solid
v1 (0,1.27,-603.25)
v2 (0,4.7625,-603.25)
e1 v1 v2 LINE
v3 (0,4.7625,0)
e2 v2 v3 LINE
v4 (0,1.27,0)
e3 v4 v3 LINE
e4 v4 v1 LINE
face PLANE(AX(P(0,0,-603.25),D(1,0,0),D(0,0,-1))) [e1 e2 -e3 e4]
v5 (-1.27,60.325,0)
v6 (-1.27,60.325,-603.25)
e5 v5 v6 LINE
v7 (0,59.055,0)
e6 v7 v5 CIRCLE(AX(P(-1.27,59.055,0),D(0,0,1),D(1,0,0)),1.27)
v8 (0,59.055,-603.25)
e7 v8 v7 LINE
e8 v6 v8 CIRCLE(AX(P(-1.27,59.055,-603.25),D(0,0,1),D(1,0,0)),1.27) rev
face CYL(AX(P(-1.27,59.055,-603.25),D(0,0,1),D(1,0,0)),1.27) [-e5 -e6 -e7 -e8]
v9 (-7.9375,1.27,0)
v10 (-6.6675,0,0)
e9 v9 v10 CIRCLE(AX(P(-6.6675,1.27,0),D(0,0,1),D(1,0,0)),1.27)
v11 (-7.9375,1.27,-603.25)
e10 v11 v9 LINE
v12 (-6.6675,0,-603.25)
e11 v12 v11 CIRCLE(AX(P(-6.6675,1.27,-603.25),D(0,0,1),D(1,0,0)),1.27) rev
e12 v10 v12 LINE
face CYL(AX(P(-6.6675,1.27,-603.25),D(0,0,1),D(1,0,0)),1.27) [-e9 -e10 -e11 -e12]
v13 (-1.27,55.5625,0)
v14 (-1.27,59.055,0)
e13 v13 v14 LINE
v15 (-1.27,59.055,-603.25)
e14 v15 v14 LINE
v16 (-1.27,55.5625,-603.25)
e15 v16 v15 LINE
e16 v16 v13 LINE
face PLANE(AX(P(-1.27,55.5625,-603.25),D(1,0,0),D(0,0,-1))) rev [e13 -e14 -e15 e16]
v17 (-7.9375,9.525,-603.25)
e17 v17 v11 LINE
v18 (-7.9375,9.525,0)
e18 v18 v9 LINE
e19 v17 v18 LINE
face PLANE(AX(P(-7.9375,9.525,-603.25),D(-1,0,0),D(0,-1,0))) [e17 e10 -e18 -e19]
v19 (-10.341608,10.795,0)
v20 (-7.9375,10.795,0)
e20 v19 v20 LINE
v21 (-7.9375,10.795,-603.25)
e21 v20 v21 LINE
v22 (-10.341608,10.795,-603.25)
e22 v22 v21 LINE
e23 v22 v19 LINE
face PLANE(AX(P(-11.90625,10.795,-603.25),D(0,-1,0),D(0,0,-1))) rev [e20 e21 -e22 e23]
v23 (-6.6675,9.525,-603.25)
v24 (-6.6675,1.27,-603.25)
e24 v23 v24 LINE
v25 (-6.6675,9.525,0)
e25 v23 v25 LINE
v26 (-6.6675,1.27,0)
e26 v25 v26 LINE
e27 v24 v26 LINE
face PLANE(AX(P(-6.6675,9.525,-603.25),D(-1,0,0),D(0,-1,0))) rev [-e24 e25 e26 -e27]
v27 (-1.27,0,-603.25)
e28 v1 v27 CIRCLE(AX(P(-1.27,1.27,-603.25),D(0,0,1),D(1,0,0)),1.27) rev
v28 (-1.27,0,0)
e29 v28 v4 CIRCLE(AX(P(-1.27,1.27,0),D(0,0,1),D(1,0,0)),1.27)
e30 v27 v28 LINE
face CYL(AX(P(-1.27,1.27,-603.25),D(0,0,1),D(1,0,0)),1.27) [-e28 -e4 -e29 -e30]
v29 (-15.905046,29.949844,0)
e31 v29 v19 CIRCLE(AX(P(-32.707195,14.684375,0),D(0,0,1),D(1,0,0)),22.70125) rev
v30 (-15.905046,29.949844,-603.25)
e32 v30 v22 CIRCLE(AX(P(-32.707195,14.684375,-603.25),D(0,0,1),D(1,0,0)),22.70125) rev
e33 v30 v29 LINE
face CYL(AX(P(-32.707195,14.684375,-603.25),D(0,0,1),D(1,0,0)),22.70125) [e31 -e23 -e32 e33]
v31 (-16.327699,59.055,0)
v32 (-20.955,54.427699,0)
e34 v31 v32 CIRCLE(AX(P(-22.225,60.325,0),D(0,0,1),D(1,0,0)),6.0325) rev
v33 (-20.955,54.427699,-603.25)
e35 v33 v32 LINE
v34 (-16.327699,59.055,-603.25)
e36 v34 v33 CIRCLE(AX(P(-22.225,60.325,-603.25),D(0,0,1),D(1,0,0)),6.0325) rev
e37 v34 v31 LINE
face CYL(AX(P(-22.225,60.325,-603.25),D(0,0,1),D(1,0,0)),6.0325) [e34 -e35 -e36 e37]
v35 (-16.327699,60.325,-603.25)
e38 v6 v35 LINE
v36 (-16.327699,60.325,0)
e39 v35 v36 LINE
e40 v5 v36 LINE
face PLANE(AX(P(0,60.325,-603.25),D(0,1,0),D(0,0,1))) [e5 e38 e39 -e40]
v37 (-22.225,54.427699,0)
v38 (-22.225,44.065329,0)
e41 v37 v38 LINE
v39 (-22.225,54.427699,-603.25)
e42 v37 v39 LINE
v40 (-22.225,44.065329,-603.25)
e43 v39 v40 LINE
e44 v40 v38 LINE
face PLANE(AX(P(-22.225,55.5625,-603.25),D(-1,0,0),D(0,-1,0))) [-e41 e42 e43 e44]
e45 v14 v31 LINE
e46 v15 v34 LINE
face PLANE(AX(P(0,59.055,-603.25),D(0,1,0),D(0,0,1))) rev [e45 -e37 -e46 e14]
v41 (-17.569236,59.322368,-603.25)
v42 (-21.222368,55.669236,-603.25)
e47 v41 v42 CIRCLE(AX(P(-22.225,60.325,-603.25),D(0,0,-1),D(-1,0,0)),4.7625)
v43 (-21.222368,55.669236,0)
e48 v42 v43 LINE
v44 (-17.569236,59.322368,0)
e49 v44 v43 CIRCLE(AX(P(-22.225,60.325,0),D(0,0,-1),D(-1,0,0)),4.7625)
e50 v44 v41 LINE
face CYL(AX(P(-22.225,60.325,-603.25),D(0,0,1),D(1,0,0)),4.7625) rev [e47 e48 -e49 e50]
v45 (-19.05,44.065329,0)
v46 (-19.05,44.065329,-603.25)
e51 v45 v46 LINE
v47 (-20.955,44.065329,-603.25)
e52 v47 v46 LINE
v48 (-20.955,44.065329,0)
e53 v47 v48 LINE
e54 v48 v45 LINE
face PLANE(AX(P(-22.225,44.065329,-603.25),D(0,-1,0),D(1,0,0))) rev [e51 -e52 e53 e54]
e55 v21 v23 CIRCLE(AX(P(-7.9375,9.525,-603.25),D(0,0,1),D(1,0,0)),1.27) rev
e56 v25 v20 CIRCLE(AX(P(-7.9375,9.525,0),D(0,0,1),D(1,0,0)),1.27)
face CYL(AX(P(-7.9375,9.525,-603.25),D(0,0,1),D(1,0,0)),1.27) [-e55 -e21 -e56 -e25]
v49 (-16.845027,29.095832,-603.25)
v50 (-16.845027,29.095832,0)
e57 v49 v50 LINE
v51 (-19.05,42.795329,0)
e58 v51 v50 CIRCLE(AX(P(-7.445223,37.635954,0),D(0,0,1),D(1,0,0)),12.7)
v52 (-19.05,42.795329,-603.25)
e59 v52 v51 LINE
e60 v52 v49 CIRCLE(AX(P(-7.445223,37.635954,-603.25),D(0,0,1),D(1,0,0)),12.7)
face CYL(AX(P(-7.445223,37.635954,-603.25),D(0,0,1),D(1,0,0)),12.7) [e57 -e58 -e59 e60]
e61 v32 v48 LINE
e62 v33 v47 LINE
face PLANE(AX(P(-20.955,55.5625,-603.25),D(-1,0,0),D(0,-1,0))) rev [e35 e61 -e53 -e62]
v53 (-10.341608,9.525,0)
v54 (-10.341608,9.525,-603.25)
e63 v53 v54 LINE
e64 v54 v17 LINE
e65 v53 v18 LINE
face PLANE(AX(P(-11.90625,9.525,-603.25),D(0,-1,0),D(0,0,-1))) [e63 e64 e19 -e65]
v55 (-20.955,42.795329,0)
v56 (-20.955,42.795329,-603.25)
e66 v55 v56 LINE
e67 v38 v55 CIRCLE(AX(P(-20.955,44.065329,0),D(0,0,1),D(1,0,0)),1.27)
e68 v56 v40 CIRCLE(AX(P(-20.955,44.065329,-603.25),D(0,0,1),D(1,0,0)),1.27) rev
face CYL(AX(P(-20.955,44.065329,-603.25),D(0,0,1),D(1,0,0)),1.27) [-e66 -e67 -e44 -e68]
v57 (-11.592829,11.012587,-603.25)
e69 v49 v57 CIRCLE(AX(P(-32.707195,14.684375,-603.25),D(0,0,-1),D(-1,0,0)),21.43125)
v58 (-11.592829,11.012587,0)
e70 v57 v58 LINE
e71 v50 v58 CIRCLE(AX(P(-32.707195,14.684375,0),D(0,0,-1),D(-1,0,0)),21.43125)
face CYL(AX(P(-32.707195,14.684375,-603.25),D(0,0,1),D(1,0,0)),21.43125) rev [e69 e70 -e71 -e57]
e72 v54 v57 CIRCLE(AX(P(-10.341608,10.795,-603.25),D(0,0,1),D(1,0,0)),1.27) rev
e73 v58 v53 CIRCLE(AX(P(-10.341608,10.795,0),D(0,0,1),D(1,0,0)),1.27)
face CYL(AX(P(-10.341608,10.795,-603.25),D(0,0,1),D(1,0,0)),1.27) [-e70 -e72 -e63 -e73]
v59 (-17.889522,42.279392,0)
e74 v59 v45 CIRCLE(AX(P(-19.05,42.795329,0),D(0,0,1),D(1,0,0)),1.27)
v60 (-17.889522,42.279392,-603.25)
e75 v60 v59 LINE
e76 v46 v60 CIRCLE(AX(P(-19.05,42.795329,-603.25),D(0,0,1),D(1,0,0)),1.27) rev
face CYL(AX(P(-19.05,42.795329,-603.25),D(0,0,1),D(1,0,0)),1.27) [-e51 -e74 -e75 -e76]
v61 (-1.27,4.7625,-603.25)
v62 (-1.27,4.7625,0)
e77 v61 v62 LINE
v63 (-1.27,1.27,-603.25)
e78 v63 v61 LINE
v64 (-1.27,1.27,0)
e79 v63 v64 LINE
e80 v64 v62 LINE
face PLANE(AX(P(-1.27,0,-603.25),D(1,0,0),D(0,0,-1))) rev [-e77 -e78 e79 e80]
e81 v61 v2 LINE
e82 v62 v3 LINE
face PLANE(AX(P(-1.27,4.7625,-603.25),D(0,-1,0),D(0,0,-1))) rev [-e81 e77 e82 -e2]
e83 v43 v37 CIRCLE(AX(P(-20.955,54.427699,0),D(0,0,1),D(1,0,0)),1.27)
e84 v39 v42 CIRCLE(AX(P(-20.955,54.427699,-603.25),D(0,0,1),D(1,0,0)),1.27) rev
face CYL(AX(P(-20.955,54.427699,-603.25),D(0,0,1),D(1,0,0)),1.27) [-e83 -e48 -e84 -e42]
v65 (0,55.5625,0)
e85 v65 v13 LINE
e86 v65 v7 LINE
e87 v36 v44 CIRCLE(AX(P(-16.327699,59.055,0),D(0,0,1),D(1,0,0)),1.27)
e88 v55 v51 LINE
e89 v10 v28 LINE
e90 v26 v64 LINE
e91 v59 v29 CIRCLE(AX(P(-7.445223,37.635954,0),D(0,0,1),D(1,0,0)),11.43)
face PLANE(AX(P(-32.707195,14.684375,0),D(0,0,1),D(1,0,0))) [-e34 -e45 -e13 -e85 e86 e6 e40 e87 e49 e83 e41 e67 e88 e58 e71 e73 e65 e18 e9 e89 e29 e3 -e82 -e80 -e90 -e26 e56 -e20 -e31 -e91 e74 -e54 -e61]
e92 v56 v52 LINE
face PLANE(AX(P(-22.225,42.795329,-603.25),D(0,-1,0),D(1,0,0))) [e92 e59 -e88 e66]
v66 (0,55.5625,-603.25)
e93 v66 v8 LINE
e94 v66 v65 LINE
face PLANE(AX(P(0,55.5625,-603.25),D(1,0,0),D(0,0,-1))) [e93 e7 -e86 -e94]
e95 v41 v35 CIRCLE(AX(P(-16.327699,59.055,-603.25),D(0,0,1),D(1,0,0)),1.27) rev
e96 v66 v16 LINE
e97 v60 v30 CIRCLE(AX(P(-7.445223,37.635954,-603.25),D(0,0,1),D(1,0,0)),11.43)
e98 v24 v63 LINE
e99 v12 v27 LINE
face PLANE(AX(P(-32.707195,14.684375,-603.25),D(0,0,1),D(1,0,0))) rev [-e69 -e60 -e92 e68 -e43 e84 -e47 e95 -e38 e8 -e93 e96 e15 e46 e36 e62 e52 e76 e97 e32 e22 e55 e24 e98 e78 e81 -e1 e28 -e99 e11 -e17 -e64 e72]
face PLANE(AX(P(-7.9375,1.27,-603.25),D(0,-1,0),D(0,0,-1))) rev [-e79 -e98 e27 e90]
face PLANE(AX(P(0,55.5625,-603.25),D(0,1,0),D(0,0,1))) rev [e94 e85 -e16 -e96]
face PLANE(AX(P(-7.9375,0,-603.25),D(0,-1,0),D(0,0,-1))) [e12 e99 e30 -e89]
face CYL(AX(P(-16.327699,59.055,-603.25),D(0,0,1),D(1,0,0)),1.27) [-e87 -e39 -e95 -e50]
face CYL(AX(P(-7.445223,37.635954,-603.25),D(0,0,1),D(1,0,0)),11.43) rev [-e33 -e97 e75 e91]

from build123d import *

# Parameters (mm, degrees)
EXTRUDE_THIN1_DEPTH = 603.25
FILLET1_R           = 1.27


with BuildPart() as part:
    # Sketch1 → Extrude-Thin1 (new body)
    with BuildSketch(Plane.XY):
        with BuildLine():
            Line((0, 55.5625), (0, 60.325))
            Line((0, 60.325), (-17.4625, 60.325))
            ThreePointArc((-17.4625, 60.325), (-18.857403955, 56.957403955), (-22.225, 55.5625))
            Line((-22.225, 55.5625), (-22.225, 42.795329036))
            Line((-22.225, 42.795329036), (-19.05, 42.795329036))
            ThreePointArc((-19.05, 42.795329036), (-19.983849695, 35.617826147), (-16.845026643, 29.095831604))
            ThreePointArc((-16.845026643, 29.095831604), (-11.927389151, 19.928241149), (-11.90625, 9.525))
            Line((-11.90625, 9.525), (-7.9375, 9.525))
            Line((-7.9375, 9.525), (-7.9375, 0))
            Line((-7.9375, 0), (0, 0))
            Line((0, 0), (0, 4.7625))
            Line((0, 4.7625), (-1.27, 4.7625))
            Line((-1.27, 4.7625), (-1.27, 1.27))
            Line((-1.27, 1.27), (-6.6675, 1.27))
            Line((-6.6675, 1.27), (-6.6675, 10.795))
            Line((-6.6675, 10.795), (-10.341607608, 10.795))
            ThreePointArc((-10.341607608, 10.795), (-10.90685332, 21.016186768), (-15.905046277, 29.949843847))
            ThreePointArc((-15.905046277, 29.949843847), (-18.847187578, 36.835889429), (-16.895515947, 44.065329036))
            Line((-16.895515947, 44.065329036), (-20.955, 44.065329036))
            Line((-20.955, 44.065329036), (-20.955, 54.42769924))
            ThreePointArc((-20.955, 54.42769924), (-17.959378342, 56.059378342), (-16.32769924, 59.055))
            Line((-16.32769924, 59.055), (-1.27, 59.055))
            Line((-1.27, 59.055), (-1.27, 55.5625))
            Line((-1.27, 55.5625), (0, 55.5625))
        make_face()
    extrude(amount=-EXTRUDE_THIN1_DEPTH)

    # Fillet1
    fillet1_edges = [part.edges().sort_by_distance(p)[0] for p in [
        (0, 0, -301.625),
        (-7.9375, 0, -301.625),
        (-11.90625, 9.525, -301.625),
        (-22.225, 42.795329036, -301.625),
        (-22.225, 55.5625, -301.625),
        (-17.4625, 60.325, -301.625),
        (0, 60.325, -301.625),
        (-16.895515947, 44.065329036, -301.625),
        (-6.6675, 10.795, -301.625),
    ]]
    fillet(fillet1_edges, radius=FILLET1_R)


solid = part.part
